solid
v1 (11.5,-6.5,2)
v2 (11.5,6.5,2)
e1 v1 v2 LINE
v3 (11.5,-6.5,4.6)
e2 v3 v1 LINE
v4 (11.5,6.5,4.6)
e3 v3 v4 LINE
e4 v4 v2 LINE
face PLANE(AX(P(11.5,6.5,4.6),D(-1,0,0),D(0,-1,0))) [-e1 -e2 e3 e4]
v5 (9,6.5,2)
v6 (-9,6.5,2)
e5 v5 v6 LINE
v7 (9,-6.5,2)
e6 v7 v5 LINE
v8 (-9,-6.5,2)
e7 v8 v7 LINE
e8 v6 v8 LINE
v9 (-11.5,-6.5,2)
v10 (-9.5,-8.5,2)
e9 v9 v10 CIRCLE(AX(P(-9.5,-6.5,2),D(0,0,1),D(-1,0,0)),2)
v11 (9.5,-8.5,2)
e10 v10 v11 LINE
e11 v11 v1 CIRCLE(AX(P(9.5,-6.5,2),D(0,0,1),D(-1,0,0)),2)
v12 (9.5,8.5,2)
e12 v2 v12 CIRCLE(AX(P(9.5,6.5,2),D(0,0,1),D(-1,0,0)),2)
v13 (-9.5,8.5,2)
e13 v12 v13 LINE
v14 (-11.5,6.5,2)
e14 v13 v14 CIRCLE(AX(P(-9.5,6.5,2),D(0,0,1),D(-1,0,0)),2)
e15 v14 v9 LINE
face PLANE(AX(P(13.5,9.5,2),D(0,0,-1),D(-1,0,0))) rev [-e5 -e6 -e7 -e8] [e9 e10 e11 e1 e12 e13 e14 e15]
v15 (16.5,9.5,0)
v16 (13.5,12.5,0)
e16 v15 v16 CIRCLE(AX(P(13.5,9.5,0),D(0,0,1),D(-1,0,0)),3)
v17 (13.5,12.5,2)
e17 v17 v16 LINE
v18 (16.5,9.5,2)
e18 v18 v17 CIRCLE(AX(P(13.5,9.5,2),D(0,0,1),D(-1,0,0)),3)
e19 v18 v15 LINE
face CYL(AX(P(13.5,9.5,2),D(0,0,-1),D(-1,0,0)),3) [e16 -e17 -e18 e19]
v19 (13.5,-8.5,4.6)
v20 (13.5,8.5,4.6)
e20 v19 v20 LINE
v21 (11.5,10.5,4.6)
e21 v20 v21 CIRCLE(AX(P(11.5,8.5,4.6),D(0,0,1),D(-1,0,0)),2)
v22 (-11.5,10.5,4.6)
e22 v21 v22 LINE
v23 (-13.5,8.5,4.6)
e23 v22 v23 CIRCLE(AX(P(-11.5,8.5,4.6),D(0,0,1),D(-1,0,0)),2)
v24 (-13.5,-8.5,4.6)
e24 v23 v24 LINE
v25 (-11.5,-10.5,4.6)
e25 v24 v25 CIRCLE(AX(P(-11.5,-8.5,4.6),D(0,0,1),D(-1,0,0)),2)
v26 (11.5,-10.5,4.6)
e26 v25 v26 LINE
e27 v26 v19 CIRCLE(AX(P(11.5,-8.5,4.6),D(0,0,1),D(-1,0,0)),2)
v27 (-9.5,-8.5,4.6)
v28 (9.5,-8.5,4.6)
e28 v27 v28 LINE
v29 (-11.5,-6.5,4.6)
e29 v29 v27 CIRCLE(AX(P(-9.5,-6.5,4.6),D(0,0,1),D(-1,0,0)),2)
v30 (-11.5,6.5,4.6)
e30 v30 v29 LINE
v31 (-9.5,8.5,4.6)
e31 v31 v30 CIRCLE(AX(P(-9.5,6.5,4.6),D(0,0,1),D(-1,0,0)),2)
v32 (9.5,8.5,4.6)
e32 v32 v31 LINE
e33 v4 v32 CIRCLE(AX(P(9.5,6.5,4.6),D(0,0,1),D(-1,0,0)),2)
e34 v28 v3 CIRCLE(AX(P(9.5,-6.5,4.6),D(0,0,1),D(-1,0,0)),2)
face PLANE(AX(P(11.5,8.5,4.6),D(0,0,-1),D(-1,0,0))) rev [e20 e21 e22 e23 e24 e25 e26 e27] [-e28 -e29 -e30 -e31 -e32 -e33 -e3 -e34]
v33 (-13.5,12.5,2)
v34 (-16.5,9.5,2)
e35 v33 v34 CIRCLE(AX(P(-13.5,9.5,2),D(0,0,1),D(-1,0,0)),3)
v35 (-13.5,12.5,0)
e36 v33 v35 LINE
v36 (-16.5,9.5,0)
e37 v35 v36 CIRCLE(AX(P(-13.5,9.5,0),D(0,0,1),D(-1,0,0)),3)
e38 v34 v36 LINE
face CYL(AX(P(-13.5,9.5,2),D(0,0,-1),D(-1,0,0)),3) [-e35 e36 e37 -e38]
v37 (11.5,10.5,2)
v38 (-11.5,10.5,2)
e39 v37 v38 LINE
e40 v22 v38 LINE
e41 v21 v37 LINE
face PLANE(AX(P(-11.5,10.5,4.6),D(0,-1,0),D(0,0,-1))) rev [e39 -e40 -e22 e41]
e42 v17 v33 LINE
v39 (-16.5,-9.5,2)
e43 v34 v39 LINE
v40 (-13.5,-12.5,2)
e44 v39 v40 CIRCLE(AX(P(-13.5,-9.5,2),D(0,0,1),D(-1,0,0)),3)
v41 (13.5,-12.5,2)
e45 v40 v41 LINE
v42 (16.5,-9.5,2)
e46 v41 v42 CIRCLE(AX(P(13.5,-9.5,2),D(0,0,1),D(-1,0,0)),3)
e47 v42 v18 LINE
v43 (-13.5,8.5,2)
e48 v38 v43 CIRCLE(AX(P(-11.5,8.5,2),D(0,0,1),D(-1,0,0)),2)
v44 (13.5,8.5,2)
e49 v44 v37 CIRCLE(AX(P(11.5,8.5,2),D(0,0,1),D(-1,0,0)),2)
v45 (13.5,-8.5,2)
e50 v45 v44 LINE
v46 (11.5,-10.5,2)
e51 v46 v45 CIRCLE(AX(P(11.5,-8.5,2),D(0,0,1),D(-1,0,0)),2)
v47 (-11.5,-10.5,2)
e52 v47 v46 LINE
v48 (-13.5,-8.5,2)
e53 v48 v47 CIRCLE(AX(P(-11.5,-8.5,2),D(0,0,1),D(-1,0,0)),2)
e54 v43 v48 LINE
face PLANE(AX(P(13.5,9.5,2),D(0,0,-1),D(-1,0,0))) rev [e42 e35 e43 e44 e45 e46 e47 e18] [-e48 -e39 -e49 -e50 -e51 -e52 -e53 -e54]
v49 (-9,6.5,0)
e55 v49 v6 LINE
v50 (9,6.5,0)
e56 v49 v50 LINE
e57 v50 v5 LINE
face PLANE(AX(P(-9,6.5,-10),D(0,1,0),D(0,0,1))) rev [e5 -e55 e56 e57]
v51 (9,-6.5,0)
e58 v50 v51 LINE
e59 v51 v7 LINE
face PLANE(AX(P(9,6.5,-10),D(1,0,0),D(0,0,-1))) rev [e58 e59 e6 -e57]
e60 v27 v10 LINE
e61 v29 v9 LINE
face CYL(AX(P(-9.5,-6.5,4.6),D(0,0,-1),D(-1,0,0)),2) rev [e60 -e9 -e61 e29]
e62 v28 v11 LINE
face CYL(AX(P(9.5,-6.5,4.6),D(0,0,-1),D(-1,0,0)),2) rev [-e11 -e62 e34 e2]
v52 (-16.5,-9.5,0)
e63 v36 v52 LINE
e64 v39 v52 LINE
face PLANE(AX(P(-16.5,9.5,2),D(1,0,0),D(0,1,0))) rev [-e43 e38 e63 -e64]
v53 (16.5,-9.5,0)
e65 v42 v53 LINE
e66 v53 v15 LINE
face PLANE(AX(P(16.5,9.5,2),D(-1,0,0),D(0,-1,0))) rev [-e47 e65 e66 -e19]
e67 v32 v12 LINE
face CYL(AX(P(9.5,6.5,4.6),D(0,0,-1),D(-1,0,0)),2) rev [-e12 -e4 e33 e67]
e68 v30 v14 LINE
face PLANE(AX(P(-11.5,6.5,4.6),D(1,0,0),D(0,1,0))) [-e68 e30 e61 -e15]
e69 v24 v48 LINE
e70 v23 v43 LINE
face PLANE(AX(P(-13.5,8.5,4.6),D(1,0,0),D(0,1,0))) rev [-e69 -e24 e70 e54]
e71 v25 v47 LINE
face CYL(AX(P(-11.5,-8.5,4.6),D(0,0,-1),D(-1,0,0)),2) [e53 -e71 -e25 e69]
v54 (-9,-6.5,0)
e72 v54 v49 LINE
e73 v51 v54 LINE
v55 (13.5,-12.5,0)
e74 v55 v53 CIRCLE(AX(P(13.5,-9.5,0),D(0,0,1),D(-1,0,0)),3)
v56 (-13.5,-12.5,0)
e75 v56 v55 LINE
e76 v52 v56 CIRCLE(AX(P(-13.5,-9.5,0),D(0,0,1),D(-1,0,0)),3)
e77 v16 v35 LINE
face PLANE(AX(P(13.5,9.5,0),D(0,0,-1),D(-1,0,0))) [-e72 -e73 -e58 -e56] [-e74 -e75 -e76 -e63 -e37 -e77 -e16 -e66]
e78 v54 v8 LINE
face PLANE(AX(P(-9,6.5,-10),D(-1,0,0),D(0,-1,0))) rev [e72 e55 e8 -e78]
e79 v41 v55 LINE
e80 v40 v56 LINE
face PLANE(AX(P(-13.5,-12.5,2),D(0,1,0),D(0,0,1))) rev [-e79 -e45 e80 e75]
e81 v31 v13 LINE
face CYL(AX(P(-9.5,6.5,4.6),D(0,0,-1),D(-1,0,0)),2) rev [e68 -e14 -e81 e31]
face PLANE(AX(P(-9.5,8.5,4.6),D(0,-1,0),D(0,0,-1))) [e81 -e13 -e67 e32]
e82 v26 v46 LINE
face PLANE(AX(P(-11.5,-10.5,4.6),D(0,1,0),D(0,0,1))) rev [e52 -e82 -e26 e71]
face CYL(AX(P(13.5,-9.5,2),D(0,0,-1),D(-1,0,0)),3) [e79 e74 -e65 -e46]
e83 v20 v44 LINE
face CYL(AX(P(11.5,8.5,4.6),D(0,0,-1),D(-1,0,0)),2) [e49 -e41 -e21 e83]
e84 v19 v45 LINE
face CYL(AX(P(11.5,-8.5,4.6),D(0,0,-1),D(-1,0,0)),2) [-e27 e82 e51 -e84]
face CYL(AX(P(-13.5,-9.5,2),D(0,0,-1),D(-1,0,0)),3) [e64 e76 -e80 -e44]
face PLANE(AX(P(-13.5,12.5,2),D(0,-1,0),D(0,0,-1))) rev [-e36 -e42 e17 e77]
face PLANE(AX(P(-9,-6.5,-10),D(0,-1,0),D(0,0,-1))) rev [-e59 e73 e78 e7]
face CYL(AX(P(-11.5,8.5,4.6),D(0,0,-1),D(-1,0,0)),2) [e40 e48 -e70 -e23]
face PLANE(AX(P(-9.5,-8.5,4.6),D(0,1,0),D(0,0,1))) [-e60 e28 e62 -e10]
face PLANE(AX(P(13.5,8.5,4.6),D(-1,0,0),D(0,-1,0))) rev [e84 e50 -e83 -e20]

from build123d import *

# Parameters (mm, degrees)
Y_KSEKLIK_EKSTR_ZYON1_DEPTH = 2
Y_KSEKLIK_EKSTR_ZYON2_DEPTH = 2.6
IZIM3_W                     = 18
IZIM3_H                     = 13
KES_EKSTR_ZYON1_DEPTH       = 12


with BuildPart() as part:
    # Çizim1 → Yükseklik-Ekstrüzyon1 (new body)
    with BuildSketch(Plane.XY):
        with BuildLine():
            Line((-13.5, 12.5), (13.5, 12.5))
            ThreePointArc((13.5, 12.5), (15.621320344, 11.621320344), (16.5, 9.5))
            Line((16.5, 9.5), (16.5, -9.5))
            ThreePointArc((16.5, -9.5), (15.621320344, -11.621320344), (13.5, -12.5))
            Line((13.5, -12.5), (-13.5, -12.5))
            ThreePointArc((-13.5, -12.5), (-15.621320344, -11.621320344), (-16.5, -9.5))
            Line((-16.5, -9.5), (-16.5, 9.5))
            ThreePointArc((-16.5, 9.5), (-15.621320344, 11.621320344), (-13.5, 12.5))
        make_face()
    extrude(amount=Y_KSEKLIK_EKSTR_ZYON1_DEPTH)

    # Çizim2 → Yükseklik-Ekstrüzyon2 (add)
    with BuildSketch(Plane.XY.offset(2)):
        with BuildLine():
            Line((-11.5, 10.5), (11.5, 10.5))
            ThreePointArc((11.5, 10.5), (12.914213562, 9.914213562), (13.5, 8.5))
            Line((13.5, 8.5), (13.5, -8.5))
            ThreePointArc((13.5, -8.5), (12.914213562, -9.914213562), (11.5, -10.5))
            Line((11.5, -10.5), (-11.5, -10.5))
            ThreePointArc((-11.5, -10.5), (-12.914213562, -9.914213562), (-13.5, -8.5))
            Line((-13.5, -8.5), (-13.5, 8.5))
            ThreePointArc((-13.5, 8.5), (-12.914213562, 9.914213562), (-11.5, 10.5))
        make_face()
        with BuildLine():
            Line((-9.5, 8.5), (9.5, 8.5))
            ThreePointArc((9.5, 8.5), (10.914213562, 7.914213562), (11.5, 6.5))
            Line((11.5, 6.5), (11.5, -6.5))
            ThreePointArc((11.5, -6.5), (10.914213562, -7.914213562), (9.5, -8.5))
            Line((9.5, -8.5), (-9.5, -8.5))
            ThreePointArc((-9.5, -8.5), (-10.914213562, -7.914213562), (-11.5, -6.5))
            Line((-11.5, -6.5), (-11.5, 6.5))
            ThreePointArc((-11.5, 6.5), (-10.914213562, 7.914213562), (-9.5, 8.5))
        make_face(mode=Mode.SUBTRACT)
    extrude(amount=Y_KSEKLIK_EKSTR_ZYON2_DEPTH)

    # Çizim3 → Kes-Ekstrüzyon1 (cut)
    with BuildSketch(Plane.XY.offset(2)):
        Rectangle(IZIM3_W, IZIM3_H)
    extrude(amount=-KES_EKSTR_ZYON1_DEPTH, mode=Mode.SUBTRACT)


solid = part.part
